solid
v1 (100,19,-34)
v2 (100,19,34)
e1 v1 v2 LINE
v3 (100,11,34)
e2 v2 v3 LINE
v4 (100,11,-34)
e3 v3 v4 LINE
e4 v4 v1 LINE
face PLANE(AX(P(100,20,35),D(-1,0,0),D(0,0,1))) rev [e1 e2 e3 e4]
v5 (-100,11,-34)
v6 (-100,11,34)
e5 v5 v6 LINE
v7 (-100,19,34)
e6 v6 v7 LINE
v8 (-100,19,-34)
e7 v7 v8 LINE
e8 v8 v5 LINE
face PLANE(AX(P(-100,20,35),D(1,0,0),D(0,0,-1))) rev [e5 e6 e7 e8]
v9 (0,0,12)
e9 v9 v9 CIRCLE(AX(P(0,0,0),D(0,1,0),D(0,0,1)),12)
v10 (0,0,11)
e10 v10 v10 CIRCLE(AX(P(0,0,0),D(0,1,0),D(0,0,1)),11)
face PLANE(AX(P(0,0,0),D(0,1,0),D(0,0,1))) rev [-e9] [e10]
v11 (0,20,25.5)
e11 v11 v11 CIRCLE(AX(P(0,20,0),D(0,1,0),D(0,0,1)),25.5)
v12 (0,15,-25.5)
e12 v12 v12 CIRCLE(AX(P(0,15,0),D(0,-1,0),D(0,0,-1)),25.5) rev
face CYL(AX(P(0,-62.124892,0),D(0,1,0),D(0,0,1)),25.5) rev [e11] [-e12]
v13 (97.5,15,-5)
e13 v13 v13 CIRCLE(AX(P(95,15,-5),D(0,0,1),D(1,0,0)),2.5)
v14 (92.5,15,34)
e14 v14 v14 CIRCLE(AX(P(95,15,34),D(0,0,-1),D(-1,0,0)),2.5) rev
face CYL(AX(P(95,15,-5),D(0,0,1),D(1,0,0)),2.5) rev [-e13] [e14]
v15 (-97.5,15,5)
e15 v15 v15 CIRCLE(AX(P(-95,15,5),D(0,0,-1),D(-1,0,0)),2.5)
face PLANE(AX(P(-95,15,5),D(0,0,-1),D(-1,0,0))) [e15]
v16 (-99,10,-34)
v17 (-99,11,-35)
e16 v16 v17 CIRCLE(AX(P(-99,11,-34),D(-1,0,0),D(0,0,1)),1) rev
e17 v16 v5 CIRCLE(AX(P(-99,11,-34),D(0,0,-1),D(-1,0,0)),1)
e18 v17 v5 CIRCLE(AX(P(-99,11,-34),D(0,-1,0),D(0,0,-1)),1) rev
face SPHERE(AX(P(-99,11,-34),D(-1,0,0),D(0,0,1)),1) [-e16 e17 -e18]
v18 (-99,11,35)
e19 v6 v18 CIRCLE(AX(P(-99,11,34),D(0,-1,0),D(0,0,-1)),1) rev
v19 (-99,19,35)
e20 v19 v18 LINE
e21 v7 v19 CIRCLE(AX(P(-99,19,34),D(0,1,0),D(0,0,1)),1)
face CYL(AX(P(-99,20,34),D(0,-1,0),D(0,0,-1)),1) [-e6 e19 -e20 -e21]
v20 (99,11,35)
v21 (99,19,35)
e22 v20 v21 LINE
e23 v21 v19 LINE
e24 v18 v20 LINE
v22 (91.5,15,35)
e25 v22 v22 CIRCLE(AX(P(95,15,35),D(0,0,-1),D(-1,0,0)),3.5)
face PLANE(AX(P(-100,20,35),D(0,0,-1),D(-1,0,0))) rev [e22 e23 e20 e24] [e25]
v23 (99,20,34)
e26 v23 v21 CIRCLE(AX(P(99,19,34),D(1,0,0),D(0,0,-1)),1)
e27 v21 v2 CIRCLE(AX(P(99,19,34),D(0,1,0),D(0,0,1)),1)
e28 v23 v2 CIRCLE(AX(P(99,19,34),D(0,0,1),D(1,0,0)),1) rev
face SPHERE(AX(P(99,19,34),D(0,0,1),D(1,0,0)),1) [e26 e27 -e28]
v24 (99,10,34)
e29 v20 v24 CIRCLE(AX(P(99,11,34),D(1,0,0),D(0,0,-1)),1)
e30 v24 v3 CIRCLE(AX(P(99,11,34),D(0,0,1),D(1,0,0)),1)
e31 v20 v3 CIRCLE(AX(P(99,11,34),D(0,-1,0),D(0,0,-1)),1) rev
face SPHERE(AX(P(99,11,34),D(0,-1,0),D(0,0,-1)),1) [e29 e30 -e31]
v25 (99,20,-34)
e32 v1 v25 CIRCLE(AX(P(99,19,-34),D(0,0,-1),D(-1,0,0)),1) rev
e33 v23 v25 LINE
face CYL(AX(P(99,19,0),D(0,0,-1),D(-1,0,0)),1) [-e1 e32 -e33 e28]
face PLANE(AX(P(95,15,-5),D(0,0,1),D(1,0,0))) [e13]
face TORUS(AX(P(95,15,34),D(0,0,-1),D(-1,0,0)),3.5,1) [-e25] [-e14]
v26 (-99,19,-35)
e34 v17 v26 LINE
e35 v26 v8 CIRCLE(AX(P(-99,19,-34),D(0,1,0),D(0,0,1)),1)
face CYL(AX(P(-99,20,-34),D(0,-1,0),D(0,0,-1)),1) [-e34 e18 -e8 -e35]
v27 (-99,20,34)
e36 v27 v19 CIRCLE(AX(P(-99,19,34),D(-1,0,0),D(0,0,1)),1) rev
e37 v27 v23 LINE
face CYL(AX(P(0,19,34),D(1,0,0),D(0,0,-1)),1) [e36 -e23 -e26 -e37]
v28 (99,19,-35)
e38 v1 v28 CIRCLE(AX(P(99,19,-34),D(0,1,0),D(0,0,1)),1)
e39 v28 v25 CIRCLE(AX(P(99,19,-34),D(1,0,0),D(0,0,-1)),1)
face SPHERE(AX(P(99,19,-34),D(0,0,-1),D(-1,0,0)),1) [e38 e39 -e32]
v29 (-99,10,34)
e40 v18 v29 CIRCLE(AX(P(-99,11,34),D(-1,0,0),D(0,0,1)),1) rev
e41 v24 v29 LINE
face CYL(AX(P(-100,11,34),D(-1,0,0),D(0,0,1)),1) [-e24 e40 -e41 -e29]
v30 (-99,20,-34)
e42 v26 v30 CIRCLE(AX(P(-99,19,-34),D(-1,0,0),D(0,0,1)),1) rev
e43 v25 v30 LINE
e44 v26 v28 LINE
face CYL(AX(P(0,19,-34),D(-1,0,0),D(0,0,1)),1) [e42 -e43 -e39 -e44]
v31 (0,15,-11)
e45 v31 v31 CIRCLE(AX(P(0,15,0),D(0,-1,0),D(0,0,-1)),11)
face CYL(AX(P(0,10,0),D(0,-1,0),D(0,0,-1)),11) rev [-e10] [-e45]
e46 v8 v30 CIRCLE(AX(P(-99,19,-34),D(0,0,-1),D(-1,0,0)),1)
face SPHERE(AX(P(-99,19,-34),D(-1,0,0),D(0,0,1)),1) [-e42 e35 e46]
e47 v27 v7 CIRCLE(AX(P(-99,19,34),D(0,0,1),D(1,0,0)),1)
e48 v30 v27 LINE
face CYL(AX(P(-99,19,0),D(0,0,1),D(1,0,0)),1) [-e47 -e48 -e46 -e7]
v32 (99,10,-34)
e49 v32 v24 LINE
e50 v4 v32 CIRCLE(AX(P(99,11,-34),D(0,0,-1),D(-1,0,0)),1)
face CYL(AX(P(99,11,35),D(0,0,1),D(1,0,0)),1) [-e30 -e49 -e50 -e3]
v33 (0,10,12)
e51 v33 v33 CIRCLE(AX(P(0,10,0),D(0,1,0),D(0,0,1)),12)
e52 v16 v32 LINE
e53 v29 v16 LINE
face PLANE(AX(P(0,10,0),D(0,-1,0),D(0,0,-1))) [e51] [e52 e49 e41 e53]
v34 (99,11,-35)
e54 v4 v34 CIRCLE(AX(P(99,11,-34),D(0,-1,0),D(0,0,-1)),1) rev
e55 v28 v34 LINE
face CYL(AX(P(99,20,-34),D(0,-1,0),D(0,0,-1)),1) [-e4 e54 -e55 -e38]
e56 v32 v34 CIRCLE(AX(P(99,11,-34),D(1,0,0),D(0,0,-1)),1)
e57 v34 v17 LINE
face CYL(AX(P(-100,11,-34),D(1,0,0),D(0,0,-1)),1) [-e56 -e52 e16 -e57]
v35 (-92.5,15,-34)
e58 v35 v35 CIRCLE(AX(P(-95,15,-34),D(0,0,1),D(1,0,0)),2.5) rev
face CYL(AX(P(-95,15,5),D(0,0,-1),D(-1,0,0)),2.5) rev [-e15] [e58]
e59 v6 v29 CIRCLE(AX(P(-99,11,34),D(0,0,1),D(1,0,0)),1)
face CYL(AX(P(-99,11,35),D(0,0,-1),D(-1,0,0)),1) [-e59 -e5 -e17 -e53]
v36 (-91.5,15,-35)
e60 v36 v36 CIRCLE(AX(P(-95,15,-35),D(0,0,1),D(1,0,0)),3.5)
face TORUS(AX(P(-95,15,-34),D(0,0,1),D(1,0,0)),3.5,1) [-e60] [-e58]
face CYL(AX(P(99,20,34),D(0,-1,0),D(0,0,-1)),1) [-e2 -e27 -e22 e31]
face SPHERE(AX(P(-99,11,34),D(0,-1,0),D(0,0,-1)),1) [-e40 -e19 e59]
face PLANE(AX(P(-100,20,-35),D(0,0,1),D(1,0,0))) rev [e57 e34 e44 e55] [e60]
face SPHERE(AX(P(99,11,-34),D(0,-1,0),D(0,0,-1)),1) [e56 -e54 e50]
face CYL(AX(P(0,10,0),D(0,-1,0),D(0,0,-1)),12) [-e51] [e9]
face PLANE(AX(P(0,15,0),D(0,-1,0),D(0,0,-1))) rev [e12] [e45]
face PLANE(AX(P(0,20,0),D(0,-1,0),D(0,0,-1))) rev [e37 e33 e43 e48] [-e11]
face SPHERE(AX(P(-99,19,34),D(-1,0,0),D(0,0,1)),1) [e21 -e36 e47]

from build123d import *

# Parameters (mm, degrees)
SKETCH1_R           = 12
SKETCH1_R_2         = 11
BOSS_EXTRUDE1_DEPTH = 10
SKETCH2_W           = 200
SKETCH2_H           = 70
BOSS_EXTRUDE2_DEPTH = 10
CUT_EXTRUDE1_REACH  = 12
SKETCH3_R           = 11
SKETCH4_R           = 25.5
CUT_EXTRUDE2_DEPTH  = 5
SKETCH5_R           = 2.5
CUT_EXTRUDE3_DEPTH  = 40
SKETCH6_R           = 2.5
CUT_EXTRUDE4_DEPTH  = 40
FILLET1_R           = 1


with BuildPart() as part:
    # Sketch1 → Boss-Extrude1 (new body)
    with BuildSketch(Plane(origin=(0, 0, 0), x_dir=(1, 0, 0), z_dir=(0, 1, 0))):
        with Locations(Location((0, 0, 0), (0, 0, 270))):  # turned: the seam where the file's is
            Circle(SKETCH1_R)
        with Locations(Location((0, 0, 0), (0, 0, 270))):  # turned: the seam where the file's is
            Circle(SKETCH1_R_2, mode=Mode.SUBTRACT)
    extrude(amount=BOSS_EXTRUDE1_DEPTH)

    # Sketch2 → Boss-Extrude2 (add)
    with BuildSketch(Plane(origin=(0, 10, 0), x_dir=(1, 0, 0), z_dir=(0, 1, 0))):
        Rectangle(SKETCH2_W, SKETCH2_H)
    extrude(amount=BOSS_EXTRUDE2_DEPTH)

    # Sketch3 → Cut-Extrude1 (cut, up to next)
    with BuildSketch(Plane.XZ.offset(-10), mode=Mode.PRIVATE) as cut_extrude1_sk1:
        with Locations(Location((0, 0, 0), (0, 0, 270))):  # turned: the seam where the file's is
            Circle(SKETCH3_R)
    cut_extrude1_tool1 = extrude(cut_extrude1_sk1.sketch, amount=-CUT_EXTRUDE1_REACH, mode=Mode.PRIVATE) & part.part
    add(cut_extrude1_tool1.solids().sort_by_distance((0, 10, 0))[0], mode=Mode.SUBTRACT)

    # Sketch4 → Cut-Extrude2 (cut)
    with BuildSketch(Plane(origin=(0, 20, 0), x_dir=(1, 0, 0), z_dir=(0, 1, 0))):
        with Locations(Location((0, 0, 0), (0, 0, 270))):  # turned: the seam where the file's is
            Circle(SKETCH4_R)
    extrude(amount=-CUT_EXTRUDE2_DEPTH, mode=Mode.SUBTRACT)

    # Sketch5 → Cut-Extrude3 (cut)
    with BuildSketch(Plane.XY.offset(35)):
        with Locations((95, 15)):
            Circle(SKETCH5_R)
    extrude(amount=-CUT_EXTRUDE3_DEPTH, mode=Mode.SUBTRACT)

    # Sketch6 → Cut-Extrude4 (cut)
    with BuildSketch(Plane(origin=(0, 0, -35), x_dir=(-1, 0, 0), z_dir=(0, 0, -1))):
        with Locations((95, 15)):
            Circle(SKETCH6_R)
    extrude(amount=-CUT_EXTRUDE4_DEPTH, mode=Mode.SUBTRACT)

    # Fillet1
    fillet1_edges = [part.edges().sort_by_distance(p)[0] for p in [
        (100, 10, 0),
        (100, 15, 35),
        (0, 10, -35),
        (100, 15, -35),
        (-100, 10, 0),
        (-100, 15, -35),
        (0, 10, 35),
        (-100, 15, 35),
        (100, 20, 0),
        (0, 20, -35),
        (-100, 20, 0),
        (0, 20, 35),
        (92.5, 15, 35),
        (-92.5, 15, -35),
    ]]
    fillet(fillet1_edges, radius=FILLET1_R)


solid = part.part
